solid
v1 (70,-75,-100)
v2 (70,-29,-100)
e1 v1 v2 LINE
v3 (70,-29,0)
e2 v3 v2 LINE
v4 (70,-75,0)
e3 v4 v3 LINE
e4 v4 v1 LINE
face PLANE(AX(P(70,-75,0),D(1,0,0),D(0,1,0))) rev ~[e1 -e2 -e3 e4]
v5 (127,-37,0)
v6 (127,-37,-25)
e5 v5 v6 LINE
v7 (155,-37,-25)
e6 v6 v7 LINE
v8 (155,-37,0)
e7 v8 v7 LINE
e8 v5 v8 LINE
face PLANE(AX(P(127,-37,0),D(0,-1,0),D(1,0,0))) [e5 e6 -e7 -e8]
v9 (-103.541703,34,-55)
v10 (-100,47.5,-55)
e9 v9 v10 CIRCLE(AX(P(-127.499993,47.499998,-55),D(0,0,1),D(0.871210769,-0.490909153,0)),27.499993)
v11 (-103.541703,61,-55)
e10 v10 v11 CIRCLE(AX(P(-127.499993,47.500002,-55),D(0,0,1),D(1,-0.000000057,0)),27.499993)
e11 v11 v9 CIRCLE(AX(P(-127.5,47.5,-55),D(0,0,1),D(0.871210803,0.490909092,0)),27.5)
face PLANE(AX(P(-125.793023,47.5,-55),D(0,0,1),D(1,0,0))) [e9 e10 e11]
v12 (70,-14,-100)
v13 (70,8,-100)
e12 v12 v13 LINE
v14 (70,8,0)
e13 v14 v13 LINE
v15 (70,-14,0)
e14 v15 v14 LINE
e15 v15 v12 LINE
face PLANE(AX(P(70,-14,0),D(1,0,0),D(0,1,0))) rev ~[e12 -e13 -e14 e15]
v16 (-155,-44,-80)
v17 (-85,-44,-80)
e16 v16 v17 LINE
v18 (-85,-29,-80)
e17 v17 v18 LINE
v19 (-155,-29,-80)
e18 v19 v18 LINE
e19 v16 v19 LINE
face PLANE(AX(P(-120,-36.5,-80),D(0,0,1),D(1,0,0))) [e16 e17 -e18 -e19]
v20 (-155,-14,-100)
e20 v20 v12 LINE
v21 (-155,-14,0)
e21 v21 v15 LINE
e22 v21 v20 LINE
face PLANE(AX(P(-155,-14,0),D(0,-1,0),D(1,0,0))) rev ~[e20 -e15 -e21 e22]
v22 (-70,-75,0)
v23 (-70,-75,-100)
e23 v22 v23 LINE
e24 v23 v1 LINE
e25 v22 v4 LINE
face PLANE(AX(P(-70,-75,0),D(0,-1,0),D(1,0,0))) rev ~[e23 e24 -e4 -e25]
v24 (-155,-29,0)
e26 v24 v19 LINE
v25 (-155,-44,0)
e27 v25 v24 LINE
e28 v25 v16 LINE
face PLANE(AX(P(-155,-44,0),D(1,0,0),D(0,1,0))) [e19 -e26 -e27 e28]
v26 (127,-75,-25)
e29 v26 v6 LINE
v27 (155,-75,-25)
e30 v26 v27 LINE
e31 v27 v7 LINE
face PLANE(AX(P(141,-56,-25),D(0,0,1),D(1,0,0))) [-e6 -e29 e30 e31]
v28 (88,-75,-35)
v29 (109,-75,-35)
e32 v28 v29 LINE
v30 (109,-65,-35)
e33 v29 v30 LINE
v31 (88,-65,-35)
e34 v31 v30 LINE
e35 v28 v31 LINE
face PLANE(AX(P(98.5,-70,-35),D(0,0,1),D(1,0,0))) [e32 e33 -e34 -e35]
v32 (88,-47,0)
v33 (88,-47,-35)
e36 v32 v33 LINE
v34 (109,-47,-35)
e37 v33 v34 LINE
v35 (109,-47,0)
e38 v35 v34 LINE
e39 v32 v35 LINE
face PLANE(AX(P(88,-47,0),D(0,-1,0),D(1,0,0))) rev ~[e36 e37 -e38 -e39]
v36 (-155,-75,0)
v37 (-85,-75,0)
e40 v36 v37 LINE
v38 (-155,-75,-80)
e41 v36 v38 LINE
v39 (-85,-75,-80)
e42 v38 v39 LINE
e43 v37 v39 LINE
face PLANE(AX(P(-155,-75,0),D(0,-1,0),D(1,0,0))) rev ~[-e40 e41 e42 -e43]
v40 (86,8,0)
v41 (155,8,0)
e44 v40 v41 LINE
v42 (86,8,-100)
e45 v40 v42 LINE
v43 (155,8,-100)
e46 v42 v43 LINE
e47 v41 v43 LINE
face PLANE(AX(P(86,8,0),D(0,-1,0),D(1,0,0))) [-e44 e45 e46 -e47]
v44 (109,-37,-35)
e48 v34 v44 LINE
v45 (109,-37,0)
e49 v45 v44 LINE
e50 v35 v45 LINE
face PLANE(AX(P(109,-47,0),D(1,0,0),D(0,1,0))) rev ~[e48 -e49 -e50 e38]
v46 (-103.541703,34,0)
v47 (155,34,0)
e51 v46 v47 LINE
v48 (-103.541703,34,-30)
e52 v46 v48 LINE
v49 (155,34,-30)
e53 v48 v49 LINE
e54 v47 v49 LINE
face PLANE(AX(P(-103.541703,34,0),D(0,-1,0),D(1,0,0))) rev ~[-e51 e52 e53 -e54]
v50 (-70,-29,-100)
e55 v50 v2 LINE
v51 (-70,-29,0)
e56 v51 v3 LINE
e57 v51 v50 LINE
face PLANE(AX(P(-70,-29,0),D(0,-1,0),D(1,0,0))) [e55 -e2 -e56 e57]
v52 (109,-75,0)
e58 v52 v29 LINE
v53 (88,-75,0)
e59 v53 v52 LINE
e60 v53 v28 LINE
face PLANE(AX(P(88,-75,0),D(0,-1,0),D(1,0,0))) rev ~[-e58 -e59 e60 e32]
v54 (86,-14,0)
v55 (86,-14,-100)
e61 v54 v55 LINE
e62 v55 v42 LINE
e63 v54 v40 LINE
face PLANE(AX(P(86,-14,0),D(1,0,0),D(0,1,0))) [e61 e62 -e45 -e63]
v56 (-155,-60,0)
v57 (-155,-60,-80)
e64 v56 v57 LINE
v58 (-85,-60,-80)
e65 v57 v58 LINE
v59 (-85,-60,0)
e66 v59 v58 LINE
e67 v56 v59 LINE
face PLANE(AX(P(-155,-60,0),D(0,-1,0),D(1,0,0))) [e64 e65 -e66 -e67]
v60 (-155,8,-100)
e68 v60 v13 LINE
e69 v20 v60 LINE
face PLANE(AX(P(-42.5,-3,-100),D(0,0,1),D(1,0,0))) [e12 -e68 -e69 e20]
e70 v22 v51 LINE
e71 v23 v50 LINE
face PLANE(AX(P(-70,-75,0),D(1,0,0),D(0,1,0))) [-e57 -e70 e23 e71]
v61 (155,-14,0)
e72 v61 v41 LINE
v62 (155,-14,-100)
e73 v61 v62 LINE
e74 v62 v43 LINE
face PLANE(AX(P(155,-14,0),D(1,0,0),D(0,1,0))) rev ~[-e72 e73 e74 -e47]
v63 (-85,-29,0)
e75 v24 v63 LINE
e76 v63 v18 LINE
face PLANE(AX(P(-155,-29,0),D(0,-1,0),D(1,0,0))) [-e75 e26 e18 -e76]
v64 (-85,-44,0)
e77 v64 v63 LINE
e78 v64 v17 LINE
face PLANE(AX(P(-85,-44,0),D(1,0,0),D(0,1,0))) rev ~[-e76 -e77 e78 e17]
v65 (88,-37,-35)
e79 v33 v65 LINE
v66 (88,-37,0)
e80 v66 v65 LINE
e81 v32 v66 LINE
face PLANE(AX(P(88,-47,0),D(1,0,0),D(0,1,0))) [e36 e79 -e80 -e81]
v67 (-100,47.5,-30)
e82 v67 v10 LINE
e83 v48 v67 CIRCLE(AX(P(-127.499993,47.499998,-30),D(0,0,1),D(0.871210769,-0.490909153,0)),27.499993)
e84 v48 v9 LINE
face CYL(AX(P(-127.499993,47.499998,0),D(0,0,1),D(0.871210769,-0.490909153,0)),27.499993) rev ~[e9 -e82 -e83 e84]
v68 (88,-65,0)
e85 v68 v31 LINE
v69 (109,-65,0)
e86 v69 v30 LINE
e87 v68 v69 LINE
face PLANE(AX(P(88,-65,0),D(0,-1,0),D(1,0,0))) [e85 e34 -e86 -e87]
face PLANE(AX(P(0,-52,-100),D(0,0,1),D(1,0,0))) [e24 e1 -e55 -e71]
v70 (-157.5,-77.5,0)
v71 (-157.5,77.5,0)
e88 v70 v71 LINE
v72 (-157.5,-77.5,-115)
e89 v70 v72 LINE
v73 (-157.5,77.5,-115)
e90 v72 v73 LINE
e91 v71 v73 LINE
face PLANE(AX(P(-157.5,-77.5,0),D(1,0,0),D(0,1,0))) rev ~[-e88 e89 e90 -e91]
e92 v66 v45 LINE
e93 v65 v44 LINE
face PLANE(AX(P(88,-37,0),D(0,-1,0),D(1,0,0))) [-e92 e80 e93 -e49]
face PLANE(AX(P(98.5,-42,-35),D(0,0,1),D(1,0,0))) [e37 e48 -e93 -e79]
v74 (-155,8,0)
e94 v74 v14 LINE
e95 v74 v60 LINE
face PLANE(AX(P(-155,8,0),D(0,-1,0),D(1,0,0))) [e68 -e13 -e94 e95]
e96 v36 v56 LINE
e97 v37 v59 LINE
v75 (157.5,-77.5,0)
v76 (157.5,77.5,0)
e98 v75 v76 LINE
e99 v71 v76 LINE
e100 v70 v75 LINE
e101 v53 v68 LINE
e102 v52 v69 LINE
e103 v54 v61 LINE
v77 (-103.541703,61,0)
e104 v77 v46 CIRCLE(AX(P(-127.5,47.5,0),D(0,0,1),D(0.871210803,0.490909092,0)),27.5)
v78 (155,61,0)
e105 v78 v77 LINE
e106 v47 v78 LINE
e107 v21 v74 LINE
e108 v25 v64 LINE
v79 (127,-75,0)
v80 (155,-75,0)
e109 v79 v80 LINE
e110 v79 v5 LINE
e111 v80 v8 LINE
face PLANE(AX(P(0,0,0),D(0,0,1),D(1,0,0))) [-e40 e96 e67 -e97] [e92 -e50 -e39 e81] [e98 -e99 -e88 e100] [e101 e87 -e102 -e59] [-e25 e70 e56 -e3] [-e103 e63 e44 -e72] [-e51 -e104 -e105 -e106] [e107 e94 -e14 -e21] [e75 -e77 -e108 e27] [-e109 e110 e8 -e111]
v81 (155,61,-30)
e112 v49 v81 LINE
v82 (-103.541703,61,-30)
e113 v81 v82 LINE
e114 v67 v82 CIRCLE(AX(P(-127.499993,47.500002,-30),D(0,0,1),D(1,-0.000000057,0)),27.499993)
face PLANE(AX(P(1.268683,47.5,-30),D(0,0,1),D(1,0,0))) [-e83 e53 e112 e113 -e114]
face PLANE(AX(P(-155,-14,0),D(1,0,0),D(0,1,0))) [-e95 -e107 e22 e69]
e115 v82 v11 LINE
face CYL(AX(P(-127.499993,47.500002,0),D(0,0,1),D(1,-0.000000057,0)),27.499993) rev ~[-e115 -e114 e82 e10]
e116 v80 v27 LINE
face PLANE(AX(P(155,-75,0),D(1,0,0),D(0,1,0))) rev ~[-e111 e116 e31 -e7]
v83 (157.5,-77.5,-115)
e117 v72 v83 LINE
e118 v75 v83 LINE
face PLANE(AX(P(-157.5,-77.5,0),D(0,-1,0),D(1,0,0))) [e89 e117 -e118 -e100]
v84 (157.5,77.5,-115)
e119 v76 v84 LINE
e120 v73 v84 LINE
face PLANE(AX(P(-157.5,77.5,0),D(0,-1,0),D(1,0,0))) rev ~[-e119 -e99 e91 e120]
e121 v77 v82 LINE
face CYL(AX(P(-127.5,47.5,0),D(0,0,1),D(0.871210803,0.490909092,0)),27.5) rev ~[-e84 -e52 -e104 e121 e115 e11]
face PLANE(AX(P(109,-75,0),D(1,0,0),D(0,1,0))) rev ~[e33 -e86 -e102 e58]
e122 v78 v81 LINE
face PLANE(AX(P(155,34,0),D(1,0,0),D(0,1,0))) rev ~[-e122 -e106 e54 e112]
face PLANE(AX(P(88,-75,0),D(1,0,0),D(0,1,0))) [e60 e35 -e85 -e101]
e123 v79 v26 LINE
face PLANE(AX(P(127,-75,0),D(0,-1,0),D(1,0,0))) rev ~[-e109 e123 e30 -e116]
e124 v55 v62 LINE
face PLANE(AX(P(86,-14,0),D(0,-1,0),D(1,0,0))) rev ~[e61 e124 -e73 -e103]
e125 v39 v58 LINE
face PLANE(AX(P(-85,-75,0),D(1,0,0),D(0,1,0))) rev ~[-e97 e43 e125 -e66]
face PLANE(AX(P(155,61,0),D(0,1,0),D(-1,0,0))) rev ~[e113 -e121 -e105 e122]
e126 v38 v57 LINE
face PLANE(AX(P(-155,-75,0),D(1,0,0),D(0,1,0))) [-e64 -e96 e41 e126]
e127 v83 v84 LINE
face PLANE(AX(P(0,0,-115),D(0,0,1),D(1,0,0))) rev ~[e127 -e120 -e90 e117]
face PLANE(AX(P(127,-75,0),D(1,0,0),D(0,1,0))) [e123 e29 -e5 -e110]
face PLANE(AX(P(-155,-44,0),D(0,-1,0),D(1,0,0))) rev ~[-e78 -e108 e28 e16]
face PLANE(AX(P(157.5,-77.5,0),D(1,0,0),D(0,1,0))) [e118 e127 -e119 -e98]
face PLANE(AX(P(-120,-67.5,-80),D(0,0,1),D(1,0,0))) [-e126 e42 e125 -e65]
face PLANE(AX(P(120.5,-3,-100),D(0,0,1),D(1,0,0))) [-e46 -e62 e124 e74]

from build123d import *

# Parameters (mm, degrees)
F0_W      = 315
F0_H      = 155
F1_DEPTH  = 115
F3_W      = 225
F3_H      = 22
F9_DEPTH  = 100
F10_DEPTH = 55
F11_DEPTH = 30
F4_W      = 70
F4_H      = 15
F12_DEPTH = 80
F5_W      = 140
F5_H      = 46
F13_DEPTH = 100
F6_W      = 69
F6_H      = 22
F14_DEPTH = 100
F7_W      = 21
F7_H      = 10
F15_DEPTH = 35
F8_W      = 28
F8_H      = 38
F16_DEPTH = 25


with BuildPart() as f1:
    # F0 (on Top) → F1 (new body)
    with BuildSketch(Plane.XY):
        Rectangle(F0_W, F0_H)
    extrude(amount=-F1_DEPTH)

    # F3 (on face) → F9 (cut)
    with BuildSketch(Plane.XY):
        with Locations((-42.5, -3)):
            Rectangle(F3_W, F3_H)
    extrude(amount=-F9_DEPTH, mode=Mode.SUBTRACT)

    # F2 (on face) → F10 (cut)
    with BuildSketch(Plane.XY):
        with BuildLine():
            ThreePointArc((-103.541703, 34), (-100.900158, 40.521575), (-100, 47.5))
            ThreePointArc((-100, 47.5), (-100.900158, 54.478425), (-103.541703, 61))
            ThreePointArc((-103.541703, 61), (-155, 47.5), (-103.541703, 34))
        make_face()
    extrude(amount=-F10_DEPTH, mode=Mode.SUBTRACT)

    # F4 (on face) → F11 (cut)
    with BuildSketch(Plane.XY):
        with BuildLine():
            ThreePointArc((-103.541703, 61), (-155, 47.5), (-103.541703, 34))
            Line((-103.541703, 34), (155, 34))
            Line((155, 34), (155, 61))
            Line((155, 61), (-103.541703, 61))
        make_face()
    extrude(amount=-F11_DEPTH, mode=Mode.SUBTRACT)

    # F4 (on face) → F12 (cut)
    with BuildSketch(Plane.XY):
        with Locations((-120, -36.5)):
            Rectangle(F4_W, F4_H)
        with Locations((-120, -67.5)):
            Rectangle(F4_W, F4_H)
    extrude(amount=-F12_DEPTH, mode=Mode.SUBTRACT)

    # F5 (on face) → F13 (cut)
    with BuildSketch(Plane.XY):
        with Locations((0, -52)):
            Rectangle(F5_W, F5_H)
    extrude(amount=-F13_DEPTH, mode=Mode.SUBTRACT)

    # F6 (on face) → F14 (cut)
    with BuildSketch(Plane.XY):
        with Locations((120.5, -3)):
            Rectangle(F6_W, F6_H)
    extrude(amount=-F14_DEPTH, mode=Mode.SUBTRACT)

    # F7 (on face) → F15 (cut)
    with BuildSketch(Plane.XY):
        with Locations((98.5, -42)):
            Rectangle(F7_W, F7_H)
        with Locations((98.5, -70)):
            Rectangle(F7_W, F7_H)
    extrude(amount=-F15_DEPTH, mode=Mode.SUBTRACT)

    # F8 (on face) → F16 (cut)
    with BuildSketch(Plane.XY):
        with Locations((141, -56)):
            Rectangle(F8_W, F8_H)
    extrude(amount=-F16_DEPTH, mode=Mode.SUBTRACT)


solid = f1.part
